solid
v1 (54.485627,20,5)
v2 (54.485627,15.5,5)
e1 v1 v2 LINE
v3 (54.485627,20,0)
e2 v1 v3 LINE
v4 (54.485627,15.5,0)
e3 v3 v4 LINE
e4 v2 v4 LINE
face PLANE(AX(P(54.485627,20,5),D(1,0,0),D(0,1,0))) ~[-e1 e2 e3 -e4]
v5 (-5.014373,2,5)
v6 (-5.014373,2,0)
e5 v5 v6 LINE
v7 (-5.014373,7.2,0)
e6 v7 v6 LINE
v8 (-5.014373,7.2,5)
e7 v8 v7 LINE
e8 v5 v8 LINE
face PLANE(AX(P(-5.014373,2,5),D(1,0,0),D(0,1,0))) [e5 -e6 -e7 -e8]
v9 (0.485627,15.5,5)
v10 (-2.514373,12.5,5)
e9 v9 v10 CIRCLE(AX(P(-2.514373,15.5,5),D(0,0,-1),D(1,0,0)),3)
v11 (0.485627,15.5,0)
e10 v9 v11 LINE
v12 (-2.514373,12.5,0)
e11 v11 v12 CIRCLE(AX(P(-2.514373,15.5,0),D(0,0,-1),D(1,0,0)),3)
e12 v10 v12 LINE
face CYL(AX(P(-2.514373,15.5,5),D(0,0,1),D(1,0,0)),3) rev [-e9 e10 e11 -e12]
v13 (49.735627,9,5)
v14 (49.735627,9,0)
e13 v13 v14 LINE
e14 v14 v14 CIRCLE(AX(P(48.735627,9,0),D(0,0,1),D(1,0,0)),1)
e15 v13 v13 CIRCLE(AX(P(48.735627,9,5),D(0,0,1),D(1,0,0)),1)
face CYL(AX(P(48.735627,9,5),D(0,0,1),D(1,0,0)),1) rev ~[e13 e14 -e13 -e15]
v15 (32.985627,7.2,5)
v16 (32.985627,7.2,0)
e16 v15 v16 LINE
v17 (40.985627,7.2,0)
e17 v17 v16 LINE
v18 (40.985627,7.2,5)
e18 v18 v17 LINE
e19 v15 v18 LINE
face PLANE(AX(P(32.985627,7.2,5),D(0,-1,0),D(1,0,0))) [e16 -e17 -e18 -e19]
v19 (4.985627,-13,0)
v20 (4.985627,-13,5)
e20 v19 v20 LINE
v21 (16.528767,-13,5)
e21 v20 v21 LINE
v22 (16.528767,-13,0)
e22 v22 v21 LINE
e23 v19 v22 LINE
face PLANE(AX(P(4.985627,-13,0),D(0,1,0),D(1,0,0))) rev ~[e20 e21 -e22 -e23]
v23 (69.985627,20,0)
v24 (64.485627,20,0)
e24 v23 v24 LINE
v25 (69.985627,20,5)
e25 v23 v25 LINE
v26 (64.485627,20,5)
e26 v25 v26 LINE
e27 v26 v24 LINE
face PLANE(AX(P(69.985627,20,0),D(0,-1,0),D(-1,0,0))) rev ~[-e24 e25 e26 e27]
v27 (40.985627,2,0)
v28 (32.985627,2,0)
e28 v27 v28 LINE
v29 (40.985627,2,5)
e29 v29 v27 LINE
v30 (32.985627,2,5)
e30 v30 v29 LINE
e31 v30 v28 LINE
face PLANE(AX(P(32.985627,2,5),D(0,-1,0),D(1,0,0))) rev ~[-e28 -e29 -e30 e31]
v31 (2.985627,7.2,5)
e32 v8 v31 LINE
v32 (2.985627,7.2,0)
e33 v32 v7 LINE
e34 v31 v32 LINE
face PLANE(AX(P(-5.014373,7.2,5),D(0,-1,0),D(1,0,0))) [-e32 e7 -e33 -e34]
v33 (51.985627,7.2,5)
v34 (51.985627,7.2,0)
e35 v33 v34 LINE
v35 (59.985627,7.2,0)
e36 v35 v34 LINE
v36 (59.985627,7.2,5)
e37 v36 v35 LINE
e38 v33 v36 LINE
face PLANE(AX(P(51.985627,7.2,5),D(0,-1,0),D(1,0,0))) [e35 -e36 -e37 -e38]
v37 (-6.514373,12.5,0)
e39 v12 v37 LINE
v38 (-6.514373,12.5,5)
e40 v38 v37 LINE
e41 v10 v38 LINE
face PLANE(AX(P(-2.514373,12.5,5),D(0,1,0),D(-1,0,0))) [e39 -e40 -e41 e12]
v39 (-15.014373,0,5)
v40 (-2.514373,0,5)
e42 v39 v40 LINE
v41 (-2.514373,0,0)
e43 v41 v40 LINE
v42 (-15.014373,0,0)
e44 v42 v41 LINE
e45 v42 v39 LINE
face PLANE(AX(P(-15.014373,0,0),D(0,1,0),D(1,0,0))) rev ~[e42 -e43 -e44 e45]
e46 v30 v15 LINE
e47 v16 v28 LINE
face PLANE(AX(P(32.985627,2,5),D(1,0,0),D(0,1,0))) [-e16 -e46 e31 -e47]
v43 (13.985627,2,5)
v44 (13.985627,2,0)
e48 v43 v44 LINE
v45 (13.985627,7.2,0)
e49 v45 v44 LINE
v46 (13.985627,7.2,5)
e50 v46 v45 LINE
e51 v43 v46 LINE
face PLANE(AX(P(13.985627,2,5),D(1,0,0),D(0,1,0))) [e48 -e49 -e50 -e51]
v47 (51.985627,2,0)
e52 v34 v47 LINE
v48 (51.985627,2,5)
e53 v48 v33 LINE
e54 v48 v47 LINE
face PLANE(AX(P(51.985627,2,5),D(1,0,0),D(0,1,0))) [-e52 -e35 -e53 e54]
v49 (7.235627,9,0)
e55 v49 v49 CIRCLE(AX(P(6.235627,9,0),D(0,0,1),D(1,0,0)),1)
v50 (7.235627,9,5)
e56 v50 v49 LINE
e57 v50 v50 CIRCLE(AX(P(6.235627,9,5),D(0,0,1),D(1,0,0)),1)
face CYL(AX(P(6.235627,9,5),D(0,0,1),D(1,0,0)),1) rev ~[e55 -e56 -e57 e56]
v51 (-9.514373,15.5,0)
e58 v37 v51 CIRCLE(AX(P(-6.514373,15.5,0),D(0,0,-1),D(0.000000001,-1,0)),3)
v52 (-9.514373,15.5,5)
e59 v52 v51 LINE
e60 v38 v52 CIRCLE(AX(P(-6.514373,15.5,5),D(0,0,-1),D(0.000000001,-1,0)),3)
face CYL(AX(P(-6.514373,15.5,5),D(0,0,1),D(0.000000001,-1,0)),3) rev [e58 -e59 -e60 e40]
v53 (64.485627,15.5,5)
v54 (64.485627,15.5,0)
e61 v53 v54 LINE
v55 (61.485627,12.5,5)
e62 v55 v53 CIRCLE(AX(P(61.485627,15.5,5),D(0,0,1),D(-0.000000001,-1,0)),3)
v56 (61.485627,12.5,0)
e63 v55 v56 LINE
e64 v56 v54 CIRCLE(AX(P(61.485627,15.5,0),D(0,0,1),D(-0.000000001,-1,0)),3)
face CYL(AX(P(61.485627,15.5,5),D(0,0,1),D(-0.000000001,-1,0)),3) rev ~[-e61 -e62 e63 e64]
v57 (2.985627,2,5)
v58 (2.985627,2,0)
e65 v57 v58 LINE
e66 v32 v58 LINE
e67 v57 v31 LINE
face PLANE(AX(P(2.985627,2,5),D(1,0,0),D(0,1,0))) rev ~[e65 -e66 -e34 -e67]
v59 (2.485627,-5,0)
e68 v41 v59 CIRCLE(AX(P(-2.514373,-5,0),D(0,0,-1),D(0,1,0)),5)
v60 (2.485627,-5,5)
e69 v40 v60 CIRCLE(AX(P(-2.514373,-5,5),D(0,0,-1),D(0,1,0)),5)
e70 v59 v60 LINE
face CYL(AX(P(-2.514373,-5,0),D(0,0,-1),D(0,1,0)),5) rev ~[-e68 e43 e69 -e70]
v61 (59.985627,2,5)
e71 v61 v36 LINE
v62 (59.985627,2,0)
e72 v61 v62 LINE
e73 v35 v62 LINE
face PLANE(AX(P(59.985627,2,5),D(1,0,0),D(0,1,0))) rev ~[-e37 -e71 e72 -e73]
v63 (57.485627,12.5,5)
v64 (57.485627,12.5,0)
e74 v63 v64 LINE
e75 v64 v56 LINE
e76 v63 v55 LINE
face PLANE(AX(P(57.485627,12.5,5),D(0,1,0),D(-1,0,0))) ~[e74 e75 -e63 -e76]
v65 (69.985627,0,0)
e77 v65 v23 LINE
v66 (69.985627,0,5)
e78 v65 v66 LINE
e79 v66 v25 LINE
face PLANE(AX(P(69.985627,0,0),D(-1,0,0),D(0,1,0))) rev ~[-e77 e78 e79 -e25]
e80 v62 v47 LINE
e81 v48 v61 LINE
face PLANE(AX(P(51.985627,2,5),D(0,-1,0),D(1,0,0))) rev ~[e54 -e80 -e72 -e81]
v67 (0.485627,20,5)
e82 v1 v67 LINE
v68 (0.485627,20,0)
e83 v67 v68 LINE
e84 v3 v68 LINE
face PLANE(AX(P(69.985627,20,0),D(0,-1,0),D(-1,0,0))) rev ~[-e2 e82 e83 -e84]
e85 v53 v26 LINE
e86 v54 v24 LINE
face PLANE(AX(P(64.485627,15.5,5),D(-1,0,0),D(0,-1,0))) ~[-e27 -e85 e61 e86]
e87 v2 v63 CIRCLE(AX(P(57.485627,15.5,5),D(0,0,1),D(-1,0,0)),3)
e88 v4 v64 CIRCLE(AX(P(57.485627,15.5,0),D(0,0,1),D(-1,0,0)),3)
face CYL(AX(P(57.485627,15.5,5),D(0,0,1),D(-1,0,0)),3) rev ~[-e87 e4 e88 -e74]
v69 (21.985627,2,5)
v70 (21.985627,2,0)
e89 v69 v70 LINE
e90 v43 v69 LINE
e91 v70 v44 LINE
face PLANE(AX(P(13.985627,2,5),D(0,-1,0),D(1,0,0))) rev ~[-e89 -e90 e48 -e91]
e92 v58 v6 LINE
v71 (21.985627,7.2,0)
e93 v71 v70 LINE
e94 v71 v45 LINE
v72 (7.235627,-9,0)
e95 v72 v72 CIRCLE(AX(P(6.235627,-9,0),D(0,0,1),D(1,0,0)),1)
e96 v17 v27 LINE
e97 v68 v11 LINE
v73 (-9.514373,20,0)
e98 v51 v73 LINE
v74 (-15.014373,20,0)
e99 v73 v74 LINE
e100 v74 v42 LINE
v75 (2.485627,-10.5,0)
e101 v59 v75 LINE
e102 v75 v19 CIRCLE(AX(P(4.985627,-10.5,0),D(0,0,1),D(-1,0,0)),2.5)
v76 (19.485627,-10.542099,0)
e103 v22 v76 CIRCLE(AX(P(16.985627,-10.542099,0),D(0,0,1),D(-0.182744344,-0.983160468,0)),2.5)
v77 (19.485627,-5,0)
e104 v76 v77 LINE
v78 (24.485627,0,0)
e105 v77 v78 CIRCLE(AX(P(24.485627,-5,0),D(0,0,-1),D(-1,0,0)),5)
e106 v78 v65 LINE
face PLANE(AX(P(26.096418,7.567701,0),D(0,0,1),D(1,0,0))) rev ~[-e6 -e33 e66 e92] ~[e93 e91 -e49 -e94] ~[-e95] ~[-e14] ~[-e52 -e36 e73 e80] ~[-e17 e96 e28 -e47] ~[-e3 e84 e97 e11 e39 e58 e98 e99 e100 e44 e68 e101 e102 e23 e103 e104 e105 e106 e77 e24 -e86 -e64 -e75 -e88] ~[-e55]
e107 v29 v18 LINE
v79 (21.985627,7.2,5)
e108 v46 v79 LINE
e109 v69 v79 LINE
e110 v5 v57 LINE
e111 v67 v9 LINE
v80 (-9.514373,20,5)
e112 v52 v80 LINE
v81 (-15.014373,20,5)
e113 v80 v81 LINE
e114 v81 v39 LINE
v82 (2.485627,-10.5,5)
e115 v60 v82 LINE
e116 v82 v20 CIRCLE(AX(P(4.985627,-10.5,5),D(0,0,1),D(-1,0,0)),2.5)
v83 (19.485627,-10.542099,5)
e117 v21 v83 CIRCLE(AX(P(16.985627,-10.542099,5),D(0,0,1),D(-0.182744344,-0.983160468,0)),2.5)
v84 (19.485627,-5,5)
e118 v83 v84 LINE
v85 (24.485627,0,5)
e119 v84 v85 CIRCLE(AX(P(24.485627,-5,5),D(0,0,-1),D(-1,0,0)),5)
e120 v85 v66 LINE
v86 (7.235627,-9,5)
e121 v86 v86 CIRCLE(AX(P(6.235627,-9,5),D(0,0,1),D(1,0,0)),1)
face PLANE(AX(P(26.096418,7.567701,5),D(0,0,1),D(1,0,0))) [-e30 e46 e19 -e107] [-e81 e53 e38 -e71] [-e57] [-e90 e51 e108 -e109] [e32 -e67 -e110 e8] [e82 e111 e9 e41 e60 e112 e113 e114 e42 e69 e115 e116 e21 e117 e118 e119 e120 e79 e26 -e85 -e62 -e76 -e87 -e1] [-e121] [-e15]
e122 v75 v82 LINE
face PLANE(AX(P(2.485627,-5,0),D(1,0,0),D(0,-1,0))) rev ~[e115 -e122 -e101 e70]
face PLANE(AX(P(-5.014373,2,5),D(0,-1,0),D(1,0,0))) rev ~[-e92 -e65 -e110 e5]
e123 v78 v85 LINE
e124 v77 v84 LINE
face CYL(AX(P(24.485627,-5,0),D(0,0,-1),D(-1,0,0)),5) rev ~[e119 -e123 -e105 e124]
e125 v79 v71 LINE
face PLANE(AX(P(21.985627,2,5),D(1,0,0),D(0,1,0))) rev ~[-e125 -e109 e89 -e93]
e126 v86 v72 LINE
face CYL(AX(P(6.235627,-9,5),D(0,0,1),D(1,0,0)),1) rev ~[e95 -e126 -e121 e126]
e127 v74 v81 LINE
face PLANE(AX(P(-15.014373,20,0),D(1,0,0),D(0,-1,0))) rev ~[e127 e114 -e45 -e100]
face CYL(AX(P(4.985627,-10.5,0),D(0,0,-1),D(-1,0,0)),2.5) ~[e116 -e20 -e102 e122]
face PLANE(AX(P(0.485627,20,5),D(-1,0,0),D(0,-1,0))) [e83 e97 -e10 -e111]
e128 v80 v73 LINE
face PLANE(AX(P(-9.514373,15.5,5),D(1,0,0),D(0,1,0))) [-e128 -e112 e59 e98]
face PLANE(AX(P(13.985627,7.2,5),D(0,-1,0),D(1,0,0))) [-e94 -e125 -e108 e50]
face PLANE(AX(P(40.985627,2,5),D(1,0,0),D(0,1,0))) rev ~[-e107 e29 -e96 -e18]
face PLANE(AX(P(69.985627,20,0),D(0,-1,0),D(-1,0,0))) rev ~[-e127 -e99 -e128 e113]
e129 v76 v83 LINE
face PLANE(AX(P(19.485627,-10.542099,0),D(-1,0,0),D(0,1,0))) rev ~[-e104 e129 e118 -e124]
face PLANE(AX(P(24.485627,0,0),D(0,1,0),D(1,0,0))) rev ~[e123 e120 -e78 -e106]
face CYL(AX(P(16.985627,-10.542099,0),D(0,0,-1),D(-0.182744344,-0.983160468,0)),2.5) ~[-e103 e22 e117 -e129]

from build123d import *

# Parameters (mm, degrees)
BOSS_EXTRUDE1_DEPTH = 5
CUT_EXTRUDE1_REACH  = 7
SKETCH2_W           = 8
SKETCH2_H           = 5.2
CUT_EXTRUDE2_DEPTH  = 5
CUT_EXTRUDE3_REACH  = 7
SKETCH5_R           = 1


with BuildPart() as part:
    # Sketch1 → Boss-Extrude1 (new body)
    with BuildSketch(Plane.XY):
        with BuildLine():
            Line((24.485627442, 0), (69.985627442, 0))
            Line((69.985627442, 0), (69.985627442, 20))
            Line((69.985627442, 20), (-15.014372558, 20))
            Line((-15.014372558, 20), (-15.014372558, 0))
            Line((-15.014372558, 0), (-2.514372558, 0))
            ThreePointArc((-2.514372558, 0), (1.021161348, -1.464466094), (2.485627442, -5))
            Line((2.485627442, -5), (2.485627442, -10.5))
            ThreePointArc((2.485627442, -10.5), (3.217860489, -12.267766953), (4.985627442, -13))
            Line((4.985627442, -13), (16.528766582, -13))
            ThreePointArc((16.528766582, -13), (18.58372754, -12.464616991), (19.485627442, -10.542098831))
            Line((19.485627442, -10.542098831), (19.485627442, -5))
            ThreePointArc((19.485627442, -5), (20.950093536, -1.464466094), (24.485627442, 0))
        make_face()
    extrude(amount=BOSS_EXTRUDE1_DEPTH)

    # Sketch2 → Cut-Extrude1 (cut, up to next)
    with BuildSketch(Plane.XY.offset(5), mode=Mode.PRIVATE) as cut_extrude1_sk1:
        with Locations((-1.014372558, 4.6)):
            Rectangle(SKETCH2_W, SKETCH2_H)
    cut_extrude1_tool1 = extrude(cut_extrude1_sk1.sketch, amount=-CUT_EXTRUDE1_REACH, mode=Mode.PRIVATE) & part.part
    add(cut_extrude1_tool1.solids().sort_by_distance((-1.014373, 4.6, 5))[0], mode=Mode.SUBTRACT)
    # Sketch2 → Cut-Extrude1 (cut, up to next)
    with BuildSketch(Plane.XY.offset(5), mode=Mode.PRIVATE) as cut_extrude1_sk2:
        with Locations((17.985627442, 4.6)):
            Rectangle(SKETCH2_W, SKETCH2_H)
    cut_extrude1_tool2 = extrude(cut_extrude1_sk2.sketch, amount=-CUT_EXTRUDE1_REACH, mode=Mode.PRIVATE) & part.part
    add(cut_extrude1_tool2.solids().sort_by_distance((17.985627, 4.6, 5))[0], mode=Mode.SUBTRACT)
    # Sketch2 → Cut-Extrude1 (cut, up to next)
    with BuildSketch(Plane.XY.offset(5), mode=Mode.PRIVATE) as cut_extrude1_sk3:
        with Locations((36.985627442, 4.6)):
            Rectangle(SKETCH2_W, SKETCH2_H)
    cut_extrude1_tool3 = extrude(cut_extrude1_sk3.sketch, amount=-CUT_EXTRUDE1_REACH, mode=Mode.PRIVATE) & part.part
    add(cut_extrude1_tool3.solids().sort_by_distance((36.985627, 4.6, 5))[0], mode=Mode.SUBTRACT)
    # Sketch2 → Cut-Extrude1 (cut, up to next)
    with BuildSketch(Plane.XY.offset(5), mode=Mode.PRIVATE) as cut_extrude1_sk4:
        with Locations((55.985627442, 4.6)):
            Rectangle(SKETCH2_W, SKETCH2_H)
    cut_extrude1_tool4 = extrude(cut_extrude1_sk4.sketch, amount=-CUT_EXTRUDE1_REACH, mode=Mode.PRIVATE) & part.part
    add(cut_extrude1_tool4.solids().sort_by_distance((55.985627, 4.6, 5))[0], mode=Mode.SUBTRACT)

    # Sketch3 → Cut-Extrude2 (cut)
    with BuildSketch(Plane.XY.offset(5)):
        with BuildLine():
            Line((-9.514372558, 20), (0.485627442, 20))
            Line((0.485627442, 20), (0.485627442, 15.5))
            ThreePointArc((0.485627442, 15.5), (-0.393052215, 13.378679656), (-2.514372558, 12.5))
            Line((-2.514372558, 12.5), (-6.514372558, 12.5))
            ThreePointArc((-6.514372558, 12.5), (-8.635692902, 13.378679656), (-9.514372558, 15.5))
            Line((-9.514372558, 15.5), (-9.514372558, 20))
        make_face()
    cut_extrude2 = extrude(amount=-CUT_EXTRUDE2_DEPTH, mode=Mode.SUBTRACT)

    # Mirror1: Cut-Extrude2 across plane
    add(cut_extrude2.mirror(Plane(origin=(27.485627442, 0, 0), x_dir=(0, 0, 1), z_dir=(1, 0, 0))), mode=Mode.SUBTRACT)

    # Sketch5 → Cut-Extrude3 (cut, up to next)
    with BuildSketch(Plane.XY.offset(5), mode=Mode.PRIVATE) as cut_extrude3_sk1:
        with Locations((6.235627442, 9)):
            Circle(SKETCH5_R)
    cut_extrude3_tool1 = extrude(cut_extrude3_sk1.sketch, amount=-CUT_EXTRUDE3_REACH, mode=Mode.PRIVATE) & part.part
    add(cut_extrude3_tool1.solids().sort_by_distance((6.235627, 9, 5))[0], mode=Mode.SUBTRACT)
    # Sketch5 → Cut-Extrude3 (cut, up to next)
    with BuildSketch(Plane.XY.offset(5), mode=Mode.PRIVATE) as cut_extrude3_sk2:
        with Locations((48.735627442, 9)):
            Circle(SKETCH5_R)
    cut_extrude3_tool2 = extrude(cut_extrude3_sk2.sketch, amount=-CUT_EXTRUDE3_REACH, mode=Mode.PRIVATE) & part.part
    add(cut_extrude3_tool2.solids().sort_by_distance((48.735627, 9, 5))[0], mode=Mode.SUBTRACT)
    # Sketch5 → Cut-Extrude3 (cut, up to next)
    with BuildSketch(Plane.XY.offset(5), mode=Mode.PRIVATE) as cut_extrude3_sk3:
        with Locations((6.235627442, -9)):
            Circle(SKETCH5_R)
    cut_extrude3_tool3 = extrude(cut_extrude3_sk3.sketch, amount=-CUT_EXTRUDE3_REACH, mode=Mode.PRIVATE) & part.part
    add(cut_extrude3_tool3.solids().sort_by_distance((6.235627, -9, 5))[0], mode=Mode.SUBTRACT)


solid = part.part
